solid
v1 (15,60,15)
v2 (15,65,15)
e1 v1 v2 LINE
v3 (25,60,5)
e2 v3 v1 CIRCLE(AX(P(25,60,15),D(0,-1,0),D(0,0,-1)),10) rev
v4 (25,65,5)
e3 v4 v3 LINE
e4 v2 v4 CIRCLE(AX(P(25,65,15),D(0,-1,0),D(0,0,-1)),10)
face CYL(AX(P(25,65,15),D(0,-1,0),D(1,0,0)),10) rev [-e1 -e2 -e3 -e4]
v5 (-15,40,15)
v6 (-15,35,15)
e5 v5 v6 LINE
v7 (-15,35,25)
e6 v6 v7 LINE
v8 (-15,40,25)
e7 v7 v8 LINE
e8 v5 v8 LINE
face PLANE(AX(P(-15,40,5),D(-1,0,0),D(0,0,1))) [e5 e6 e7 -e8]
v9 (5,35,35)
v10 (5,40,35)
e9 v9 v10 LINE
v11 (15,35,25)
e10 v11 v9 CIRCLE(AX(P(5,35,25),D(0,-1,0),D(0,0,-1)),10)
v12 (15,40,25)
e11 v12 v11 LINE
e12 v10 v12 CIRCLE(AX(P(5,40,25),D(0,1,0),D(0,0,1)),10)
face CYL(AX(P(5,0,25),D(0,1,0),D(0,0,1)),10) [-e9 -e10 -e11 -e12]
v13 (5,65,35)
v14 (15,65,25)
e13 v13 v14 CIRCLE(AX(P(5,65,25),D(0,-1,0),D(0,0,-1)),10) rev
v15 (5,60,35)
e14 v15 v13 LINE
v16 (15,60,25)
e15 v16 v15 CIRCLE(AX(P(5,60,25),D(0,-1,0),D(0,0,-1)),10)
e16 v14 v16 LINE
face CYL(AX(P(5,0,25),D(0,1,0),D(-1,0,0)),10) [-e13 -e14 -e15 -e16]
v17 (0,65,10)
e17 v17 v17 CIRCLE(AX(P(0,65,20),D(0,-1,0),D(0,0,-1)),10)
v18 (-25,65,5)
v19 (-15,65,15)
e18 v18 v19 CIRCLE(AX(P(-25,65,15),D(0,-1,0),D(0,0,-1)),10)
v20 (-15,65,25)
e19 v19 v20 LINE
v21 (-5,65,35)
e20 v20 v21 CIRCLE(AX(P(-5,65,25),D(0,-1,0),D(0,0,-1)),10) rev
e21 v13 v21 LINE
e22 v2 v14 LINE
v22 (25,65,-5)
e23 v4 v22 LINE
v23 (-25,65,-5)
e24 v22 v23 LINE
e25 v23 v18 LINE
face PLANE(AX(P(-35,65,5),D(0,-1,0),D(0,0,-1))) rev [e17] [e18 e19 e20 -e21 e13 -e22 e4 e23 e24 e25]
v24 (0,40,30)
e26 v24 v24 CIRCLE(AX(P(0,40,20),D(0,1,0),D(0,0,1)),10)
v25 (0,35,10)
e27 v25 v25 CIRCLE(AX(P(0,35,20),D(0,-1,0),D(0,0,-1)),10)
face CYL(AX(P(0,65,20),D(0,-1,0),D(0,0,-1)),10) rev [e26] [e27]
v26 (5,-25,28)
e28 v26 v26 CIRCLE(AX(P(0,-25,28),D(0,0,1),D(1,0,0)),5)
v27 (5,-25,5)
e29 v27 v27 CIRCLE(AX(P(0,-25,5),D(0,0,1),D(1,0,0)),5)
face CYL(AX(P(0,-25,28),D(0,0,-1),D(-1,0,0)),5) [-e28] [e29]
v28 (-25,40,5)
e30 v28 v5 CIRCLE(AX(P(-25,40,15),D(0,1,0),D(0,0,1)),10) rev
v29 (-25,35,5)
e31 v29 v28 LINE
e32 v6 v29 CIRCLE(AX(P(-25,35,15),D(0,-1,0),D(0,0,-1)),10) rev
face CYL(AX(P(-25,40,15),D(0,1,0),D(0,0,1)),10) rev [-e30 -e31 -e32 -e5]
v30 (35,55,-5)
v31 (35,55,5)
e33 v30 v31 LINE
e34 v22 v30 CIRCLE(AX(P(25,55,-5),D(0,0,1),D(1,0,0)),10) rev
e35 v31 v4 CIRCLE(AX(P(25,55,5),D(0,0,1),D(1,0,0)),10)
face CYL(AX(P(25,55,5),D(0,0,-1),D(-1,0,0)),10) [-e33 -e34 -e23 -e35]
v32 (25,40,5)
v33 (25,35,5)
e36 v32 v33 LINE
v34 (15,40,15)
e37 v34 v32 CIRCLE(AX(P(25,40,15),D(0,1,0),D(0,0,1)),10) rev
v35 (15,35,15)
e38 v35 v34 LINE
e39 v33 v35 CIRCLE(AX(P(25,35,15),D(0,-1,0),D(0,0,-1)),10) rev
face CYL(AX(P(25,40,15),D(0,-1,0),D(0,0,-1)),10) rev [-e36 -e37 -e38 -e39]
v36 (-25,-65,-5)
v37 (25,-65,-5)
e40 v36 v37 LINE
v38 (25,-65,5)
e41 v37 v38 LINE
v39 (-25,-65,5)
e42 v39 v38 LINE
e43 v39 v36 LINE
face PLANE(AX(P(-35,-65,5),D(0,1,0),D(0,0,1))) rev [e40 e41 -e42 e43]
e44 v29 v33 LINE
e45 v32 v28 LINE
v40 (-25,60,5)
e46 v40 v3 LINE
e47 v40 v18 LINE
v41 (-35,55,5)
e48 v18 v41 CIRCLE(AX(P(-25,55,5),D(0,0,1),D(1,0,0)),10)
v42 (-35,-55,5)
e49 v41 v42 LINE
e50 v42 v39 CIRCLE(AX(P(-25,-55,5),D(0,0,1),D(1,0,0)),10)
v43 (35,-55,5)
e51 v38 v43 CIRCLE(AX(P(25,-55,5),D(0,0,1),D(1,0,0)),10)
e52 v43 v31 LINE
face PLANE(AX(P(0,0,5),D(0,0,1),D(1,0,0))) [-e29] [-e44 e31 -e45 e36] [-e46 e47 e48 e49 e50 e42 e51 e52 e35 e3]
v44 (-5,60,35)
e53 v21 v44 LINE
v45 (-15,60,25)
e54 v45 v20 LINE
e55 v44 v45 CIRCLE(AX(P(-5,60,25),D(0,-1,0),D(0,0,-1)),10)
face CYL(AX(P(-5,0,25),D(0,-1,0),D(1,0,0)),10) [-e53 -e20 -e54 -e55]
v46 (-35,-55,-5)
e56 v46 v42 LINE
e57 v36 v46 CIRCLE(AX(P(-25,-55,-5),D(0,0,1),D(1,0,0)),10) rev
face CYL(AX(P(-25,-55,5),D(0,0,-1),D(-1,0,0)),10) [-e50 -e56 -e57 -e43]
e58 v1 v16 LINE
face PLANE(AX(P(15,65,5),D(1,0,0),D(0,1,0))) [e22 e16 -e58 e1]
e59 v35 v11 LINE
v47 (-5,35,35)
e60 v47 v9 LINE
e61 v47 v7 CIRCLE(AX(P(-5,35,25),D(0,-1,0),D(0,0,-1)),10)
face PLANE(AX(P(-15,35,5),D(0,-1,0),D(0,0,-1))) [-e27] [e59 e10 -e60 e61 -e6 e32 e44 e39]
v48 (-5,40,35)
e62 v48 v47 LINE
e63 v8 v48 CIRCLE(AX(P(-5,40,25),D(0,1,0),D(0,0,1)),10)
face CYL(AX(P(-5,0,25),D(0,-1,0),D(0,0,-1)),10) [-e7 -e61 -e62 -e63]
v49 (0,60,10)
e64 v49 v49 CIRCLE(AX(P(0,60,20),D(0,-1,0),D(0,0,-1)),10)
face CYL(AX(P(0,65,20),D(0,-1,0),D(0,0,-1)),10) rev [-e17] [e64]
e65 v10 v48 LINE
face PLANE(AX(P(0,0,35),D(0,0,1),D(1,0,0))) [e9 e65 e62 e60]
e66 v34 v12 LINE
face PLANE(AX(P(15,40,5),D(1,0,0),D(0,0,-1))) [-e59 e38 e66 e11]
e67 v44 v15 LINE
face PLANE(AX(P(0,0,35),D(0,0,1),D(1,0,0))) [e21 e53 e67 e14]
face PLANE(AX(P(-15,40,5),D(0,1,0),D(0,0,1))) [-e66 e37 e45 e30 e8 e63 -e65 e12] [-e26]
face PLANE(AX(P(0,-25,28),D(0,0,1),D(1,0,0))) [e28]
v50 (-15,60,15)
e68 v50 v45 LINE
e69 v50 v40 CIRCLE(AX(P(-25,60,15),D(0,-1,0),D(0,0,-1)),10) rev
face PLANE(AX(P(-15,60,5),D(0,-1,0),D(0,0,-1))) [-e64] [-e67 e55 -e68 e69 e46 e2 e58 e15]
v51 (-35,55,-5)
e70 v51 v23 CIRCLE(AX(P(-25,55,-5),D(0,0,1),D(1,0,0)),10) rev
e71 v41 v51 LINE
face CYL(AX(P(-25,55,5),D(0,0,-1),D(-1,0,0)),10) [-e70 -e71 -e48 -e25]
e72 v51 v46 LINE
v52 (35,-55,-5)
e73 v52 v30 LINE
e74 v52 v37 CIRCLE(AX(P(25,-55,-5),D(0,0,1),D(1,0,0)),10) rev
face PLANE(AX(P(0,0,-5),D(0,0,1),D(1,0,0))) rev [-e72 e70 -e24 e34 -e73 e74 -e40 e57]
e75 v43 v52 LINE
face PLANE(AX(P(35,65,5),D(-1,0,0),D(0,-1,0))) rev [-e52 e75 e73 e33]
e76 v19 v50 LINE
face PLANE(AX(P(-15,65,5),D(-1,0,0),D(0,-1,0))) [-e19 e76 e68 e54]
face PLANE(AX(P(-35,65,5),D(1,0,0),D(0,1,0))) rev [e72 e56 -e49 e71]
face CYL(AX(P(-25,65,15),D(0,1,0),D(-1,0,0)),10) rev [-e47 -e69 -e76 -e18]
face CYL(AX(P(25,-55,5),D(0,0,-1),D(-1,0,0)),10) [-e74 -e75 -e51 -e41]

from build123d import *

# Parameters (mm, degrees)
CROQUIS1_W              = 70
CROQUIS1_H              = 130
SALIENTE_EXTRUIR1_DEPTH = 5
REDONDEO1_R             = 10
CROQUIS2_R              = 5
SALIENTE_EXTRUIR3_DEPTH = 23
CROQUIS3_W              = 30
CROQUIS3_H              = 5
SALIENTE_EXTRUIR4_DEPTH = 30
CROQUIS5_R              = 10
CORTAR_EXTRUIR2_DEPTH   = 112.579568022
REDONDEO2_R             = 10
REDONDEO3_R             = 10


with BuildPart() as part:
    # Croquis1 → Saliente-Extruir1 (new, symmetric)
    with BuildSketch(Plane.XY):
        Rectangle(CROQUIS1_W, CROQUIS1_H)
    extrude(amount=SALIENTE_EXTRUIR1_DEPTH, both=True)

    # Redondeo1
    redondeo1_edges = [part.edges().sort_by_distance(p)[0] for p in [
        (35, -65, 0),
        (-35, -65, 0),
        (-35, 65, 0),
        (35, 65, 0),
    ]]
    fillet(redondeo1_edges, radius=REDONDEO1_R)

    # Croquis2 → Saliente-Extruir3 (add)
    with BuildSketch(Plane.XY.offset(5)):
        with Locations((0, -25)):
            Circle(CROQUIS2_R)
    extrude(amount=SALIENTE_EXTRUIR3_DEPTH)

    # Croquis3 → Saliente-Extruir4 (add)
    with BuildSketch(Plane.XY.offset(35)):
        with Locations((0, 62.5)):
            Rectangle(CROQUIS3_W, CROQUIS3_H)
        with Locations((0, 37.5)):
            Rectangle(CROQUIS3_W, CROQUIS3_H)
    extrude(amount=-SALIENTE_EXTRUIR4_DEPTH)

    # Croquis5 → Cortar-Extruir2 (cut, through all)
    with BuildSketch(Plane.XZ.offset(-35)):
        with Locations(Location((0, 20, 0), (0, 0, 270))):
            Circle(CROQUIS5_R)
    extrude(amount=-CORTAR_EXTRUIR2_DEPTH, mode=Mode.SUBTRACT)

    # Redondeo2
    redondeo2_edges = [part.edges().sort_by_distance(p)[0] for p in [
        (-15, 62.5, 5),
        (-15, 62.5, 35),
        (15, 62.5, 5),
        (15, 62.5, 35),
    ]]
    fillet(redondeo2_edges, radius=REDONDEO2_R)

    # Redondeo3
    redondeo3_edges = [part.edges().sort_by_distance(p)[0] for p in [
        (-15, 37.5, 5),
        (15, 37.5, 5),
        (-15, 37.5, 35),
        (15, 37.5, 35),
    ]]
    fillet(redondeo3_edges, radius=REDONDEO3_R)


solid = part.part
